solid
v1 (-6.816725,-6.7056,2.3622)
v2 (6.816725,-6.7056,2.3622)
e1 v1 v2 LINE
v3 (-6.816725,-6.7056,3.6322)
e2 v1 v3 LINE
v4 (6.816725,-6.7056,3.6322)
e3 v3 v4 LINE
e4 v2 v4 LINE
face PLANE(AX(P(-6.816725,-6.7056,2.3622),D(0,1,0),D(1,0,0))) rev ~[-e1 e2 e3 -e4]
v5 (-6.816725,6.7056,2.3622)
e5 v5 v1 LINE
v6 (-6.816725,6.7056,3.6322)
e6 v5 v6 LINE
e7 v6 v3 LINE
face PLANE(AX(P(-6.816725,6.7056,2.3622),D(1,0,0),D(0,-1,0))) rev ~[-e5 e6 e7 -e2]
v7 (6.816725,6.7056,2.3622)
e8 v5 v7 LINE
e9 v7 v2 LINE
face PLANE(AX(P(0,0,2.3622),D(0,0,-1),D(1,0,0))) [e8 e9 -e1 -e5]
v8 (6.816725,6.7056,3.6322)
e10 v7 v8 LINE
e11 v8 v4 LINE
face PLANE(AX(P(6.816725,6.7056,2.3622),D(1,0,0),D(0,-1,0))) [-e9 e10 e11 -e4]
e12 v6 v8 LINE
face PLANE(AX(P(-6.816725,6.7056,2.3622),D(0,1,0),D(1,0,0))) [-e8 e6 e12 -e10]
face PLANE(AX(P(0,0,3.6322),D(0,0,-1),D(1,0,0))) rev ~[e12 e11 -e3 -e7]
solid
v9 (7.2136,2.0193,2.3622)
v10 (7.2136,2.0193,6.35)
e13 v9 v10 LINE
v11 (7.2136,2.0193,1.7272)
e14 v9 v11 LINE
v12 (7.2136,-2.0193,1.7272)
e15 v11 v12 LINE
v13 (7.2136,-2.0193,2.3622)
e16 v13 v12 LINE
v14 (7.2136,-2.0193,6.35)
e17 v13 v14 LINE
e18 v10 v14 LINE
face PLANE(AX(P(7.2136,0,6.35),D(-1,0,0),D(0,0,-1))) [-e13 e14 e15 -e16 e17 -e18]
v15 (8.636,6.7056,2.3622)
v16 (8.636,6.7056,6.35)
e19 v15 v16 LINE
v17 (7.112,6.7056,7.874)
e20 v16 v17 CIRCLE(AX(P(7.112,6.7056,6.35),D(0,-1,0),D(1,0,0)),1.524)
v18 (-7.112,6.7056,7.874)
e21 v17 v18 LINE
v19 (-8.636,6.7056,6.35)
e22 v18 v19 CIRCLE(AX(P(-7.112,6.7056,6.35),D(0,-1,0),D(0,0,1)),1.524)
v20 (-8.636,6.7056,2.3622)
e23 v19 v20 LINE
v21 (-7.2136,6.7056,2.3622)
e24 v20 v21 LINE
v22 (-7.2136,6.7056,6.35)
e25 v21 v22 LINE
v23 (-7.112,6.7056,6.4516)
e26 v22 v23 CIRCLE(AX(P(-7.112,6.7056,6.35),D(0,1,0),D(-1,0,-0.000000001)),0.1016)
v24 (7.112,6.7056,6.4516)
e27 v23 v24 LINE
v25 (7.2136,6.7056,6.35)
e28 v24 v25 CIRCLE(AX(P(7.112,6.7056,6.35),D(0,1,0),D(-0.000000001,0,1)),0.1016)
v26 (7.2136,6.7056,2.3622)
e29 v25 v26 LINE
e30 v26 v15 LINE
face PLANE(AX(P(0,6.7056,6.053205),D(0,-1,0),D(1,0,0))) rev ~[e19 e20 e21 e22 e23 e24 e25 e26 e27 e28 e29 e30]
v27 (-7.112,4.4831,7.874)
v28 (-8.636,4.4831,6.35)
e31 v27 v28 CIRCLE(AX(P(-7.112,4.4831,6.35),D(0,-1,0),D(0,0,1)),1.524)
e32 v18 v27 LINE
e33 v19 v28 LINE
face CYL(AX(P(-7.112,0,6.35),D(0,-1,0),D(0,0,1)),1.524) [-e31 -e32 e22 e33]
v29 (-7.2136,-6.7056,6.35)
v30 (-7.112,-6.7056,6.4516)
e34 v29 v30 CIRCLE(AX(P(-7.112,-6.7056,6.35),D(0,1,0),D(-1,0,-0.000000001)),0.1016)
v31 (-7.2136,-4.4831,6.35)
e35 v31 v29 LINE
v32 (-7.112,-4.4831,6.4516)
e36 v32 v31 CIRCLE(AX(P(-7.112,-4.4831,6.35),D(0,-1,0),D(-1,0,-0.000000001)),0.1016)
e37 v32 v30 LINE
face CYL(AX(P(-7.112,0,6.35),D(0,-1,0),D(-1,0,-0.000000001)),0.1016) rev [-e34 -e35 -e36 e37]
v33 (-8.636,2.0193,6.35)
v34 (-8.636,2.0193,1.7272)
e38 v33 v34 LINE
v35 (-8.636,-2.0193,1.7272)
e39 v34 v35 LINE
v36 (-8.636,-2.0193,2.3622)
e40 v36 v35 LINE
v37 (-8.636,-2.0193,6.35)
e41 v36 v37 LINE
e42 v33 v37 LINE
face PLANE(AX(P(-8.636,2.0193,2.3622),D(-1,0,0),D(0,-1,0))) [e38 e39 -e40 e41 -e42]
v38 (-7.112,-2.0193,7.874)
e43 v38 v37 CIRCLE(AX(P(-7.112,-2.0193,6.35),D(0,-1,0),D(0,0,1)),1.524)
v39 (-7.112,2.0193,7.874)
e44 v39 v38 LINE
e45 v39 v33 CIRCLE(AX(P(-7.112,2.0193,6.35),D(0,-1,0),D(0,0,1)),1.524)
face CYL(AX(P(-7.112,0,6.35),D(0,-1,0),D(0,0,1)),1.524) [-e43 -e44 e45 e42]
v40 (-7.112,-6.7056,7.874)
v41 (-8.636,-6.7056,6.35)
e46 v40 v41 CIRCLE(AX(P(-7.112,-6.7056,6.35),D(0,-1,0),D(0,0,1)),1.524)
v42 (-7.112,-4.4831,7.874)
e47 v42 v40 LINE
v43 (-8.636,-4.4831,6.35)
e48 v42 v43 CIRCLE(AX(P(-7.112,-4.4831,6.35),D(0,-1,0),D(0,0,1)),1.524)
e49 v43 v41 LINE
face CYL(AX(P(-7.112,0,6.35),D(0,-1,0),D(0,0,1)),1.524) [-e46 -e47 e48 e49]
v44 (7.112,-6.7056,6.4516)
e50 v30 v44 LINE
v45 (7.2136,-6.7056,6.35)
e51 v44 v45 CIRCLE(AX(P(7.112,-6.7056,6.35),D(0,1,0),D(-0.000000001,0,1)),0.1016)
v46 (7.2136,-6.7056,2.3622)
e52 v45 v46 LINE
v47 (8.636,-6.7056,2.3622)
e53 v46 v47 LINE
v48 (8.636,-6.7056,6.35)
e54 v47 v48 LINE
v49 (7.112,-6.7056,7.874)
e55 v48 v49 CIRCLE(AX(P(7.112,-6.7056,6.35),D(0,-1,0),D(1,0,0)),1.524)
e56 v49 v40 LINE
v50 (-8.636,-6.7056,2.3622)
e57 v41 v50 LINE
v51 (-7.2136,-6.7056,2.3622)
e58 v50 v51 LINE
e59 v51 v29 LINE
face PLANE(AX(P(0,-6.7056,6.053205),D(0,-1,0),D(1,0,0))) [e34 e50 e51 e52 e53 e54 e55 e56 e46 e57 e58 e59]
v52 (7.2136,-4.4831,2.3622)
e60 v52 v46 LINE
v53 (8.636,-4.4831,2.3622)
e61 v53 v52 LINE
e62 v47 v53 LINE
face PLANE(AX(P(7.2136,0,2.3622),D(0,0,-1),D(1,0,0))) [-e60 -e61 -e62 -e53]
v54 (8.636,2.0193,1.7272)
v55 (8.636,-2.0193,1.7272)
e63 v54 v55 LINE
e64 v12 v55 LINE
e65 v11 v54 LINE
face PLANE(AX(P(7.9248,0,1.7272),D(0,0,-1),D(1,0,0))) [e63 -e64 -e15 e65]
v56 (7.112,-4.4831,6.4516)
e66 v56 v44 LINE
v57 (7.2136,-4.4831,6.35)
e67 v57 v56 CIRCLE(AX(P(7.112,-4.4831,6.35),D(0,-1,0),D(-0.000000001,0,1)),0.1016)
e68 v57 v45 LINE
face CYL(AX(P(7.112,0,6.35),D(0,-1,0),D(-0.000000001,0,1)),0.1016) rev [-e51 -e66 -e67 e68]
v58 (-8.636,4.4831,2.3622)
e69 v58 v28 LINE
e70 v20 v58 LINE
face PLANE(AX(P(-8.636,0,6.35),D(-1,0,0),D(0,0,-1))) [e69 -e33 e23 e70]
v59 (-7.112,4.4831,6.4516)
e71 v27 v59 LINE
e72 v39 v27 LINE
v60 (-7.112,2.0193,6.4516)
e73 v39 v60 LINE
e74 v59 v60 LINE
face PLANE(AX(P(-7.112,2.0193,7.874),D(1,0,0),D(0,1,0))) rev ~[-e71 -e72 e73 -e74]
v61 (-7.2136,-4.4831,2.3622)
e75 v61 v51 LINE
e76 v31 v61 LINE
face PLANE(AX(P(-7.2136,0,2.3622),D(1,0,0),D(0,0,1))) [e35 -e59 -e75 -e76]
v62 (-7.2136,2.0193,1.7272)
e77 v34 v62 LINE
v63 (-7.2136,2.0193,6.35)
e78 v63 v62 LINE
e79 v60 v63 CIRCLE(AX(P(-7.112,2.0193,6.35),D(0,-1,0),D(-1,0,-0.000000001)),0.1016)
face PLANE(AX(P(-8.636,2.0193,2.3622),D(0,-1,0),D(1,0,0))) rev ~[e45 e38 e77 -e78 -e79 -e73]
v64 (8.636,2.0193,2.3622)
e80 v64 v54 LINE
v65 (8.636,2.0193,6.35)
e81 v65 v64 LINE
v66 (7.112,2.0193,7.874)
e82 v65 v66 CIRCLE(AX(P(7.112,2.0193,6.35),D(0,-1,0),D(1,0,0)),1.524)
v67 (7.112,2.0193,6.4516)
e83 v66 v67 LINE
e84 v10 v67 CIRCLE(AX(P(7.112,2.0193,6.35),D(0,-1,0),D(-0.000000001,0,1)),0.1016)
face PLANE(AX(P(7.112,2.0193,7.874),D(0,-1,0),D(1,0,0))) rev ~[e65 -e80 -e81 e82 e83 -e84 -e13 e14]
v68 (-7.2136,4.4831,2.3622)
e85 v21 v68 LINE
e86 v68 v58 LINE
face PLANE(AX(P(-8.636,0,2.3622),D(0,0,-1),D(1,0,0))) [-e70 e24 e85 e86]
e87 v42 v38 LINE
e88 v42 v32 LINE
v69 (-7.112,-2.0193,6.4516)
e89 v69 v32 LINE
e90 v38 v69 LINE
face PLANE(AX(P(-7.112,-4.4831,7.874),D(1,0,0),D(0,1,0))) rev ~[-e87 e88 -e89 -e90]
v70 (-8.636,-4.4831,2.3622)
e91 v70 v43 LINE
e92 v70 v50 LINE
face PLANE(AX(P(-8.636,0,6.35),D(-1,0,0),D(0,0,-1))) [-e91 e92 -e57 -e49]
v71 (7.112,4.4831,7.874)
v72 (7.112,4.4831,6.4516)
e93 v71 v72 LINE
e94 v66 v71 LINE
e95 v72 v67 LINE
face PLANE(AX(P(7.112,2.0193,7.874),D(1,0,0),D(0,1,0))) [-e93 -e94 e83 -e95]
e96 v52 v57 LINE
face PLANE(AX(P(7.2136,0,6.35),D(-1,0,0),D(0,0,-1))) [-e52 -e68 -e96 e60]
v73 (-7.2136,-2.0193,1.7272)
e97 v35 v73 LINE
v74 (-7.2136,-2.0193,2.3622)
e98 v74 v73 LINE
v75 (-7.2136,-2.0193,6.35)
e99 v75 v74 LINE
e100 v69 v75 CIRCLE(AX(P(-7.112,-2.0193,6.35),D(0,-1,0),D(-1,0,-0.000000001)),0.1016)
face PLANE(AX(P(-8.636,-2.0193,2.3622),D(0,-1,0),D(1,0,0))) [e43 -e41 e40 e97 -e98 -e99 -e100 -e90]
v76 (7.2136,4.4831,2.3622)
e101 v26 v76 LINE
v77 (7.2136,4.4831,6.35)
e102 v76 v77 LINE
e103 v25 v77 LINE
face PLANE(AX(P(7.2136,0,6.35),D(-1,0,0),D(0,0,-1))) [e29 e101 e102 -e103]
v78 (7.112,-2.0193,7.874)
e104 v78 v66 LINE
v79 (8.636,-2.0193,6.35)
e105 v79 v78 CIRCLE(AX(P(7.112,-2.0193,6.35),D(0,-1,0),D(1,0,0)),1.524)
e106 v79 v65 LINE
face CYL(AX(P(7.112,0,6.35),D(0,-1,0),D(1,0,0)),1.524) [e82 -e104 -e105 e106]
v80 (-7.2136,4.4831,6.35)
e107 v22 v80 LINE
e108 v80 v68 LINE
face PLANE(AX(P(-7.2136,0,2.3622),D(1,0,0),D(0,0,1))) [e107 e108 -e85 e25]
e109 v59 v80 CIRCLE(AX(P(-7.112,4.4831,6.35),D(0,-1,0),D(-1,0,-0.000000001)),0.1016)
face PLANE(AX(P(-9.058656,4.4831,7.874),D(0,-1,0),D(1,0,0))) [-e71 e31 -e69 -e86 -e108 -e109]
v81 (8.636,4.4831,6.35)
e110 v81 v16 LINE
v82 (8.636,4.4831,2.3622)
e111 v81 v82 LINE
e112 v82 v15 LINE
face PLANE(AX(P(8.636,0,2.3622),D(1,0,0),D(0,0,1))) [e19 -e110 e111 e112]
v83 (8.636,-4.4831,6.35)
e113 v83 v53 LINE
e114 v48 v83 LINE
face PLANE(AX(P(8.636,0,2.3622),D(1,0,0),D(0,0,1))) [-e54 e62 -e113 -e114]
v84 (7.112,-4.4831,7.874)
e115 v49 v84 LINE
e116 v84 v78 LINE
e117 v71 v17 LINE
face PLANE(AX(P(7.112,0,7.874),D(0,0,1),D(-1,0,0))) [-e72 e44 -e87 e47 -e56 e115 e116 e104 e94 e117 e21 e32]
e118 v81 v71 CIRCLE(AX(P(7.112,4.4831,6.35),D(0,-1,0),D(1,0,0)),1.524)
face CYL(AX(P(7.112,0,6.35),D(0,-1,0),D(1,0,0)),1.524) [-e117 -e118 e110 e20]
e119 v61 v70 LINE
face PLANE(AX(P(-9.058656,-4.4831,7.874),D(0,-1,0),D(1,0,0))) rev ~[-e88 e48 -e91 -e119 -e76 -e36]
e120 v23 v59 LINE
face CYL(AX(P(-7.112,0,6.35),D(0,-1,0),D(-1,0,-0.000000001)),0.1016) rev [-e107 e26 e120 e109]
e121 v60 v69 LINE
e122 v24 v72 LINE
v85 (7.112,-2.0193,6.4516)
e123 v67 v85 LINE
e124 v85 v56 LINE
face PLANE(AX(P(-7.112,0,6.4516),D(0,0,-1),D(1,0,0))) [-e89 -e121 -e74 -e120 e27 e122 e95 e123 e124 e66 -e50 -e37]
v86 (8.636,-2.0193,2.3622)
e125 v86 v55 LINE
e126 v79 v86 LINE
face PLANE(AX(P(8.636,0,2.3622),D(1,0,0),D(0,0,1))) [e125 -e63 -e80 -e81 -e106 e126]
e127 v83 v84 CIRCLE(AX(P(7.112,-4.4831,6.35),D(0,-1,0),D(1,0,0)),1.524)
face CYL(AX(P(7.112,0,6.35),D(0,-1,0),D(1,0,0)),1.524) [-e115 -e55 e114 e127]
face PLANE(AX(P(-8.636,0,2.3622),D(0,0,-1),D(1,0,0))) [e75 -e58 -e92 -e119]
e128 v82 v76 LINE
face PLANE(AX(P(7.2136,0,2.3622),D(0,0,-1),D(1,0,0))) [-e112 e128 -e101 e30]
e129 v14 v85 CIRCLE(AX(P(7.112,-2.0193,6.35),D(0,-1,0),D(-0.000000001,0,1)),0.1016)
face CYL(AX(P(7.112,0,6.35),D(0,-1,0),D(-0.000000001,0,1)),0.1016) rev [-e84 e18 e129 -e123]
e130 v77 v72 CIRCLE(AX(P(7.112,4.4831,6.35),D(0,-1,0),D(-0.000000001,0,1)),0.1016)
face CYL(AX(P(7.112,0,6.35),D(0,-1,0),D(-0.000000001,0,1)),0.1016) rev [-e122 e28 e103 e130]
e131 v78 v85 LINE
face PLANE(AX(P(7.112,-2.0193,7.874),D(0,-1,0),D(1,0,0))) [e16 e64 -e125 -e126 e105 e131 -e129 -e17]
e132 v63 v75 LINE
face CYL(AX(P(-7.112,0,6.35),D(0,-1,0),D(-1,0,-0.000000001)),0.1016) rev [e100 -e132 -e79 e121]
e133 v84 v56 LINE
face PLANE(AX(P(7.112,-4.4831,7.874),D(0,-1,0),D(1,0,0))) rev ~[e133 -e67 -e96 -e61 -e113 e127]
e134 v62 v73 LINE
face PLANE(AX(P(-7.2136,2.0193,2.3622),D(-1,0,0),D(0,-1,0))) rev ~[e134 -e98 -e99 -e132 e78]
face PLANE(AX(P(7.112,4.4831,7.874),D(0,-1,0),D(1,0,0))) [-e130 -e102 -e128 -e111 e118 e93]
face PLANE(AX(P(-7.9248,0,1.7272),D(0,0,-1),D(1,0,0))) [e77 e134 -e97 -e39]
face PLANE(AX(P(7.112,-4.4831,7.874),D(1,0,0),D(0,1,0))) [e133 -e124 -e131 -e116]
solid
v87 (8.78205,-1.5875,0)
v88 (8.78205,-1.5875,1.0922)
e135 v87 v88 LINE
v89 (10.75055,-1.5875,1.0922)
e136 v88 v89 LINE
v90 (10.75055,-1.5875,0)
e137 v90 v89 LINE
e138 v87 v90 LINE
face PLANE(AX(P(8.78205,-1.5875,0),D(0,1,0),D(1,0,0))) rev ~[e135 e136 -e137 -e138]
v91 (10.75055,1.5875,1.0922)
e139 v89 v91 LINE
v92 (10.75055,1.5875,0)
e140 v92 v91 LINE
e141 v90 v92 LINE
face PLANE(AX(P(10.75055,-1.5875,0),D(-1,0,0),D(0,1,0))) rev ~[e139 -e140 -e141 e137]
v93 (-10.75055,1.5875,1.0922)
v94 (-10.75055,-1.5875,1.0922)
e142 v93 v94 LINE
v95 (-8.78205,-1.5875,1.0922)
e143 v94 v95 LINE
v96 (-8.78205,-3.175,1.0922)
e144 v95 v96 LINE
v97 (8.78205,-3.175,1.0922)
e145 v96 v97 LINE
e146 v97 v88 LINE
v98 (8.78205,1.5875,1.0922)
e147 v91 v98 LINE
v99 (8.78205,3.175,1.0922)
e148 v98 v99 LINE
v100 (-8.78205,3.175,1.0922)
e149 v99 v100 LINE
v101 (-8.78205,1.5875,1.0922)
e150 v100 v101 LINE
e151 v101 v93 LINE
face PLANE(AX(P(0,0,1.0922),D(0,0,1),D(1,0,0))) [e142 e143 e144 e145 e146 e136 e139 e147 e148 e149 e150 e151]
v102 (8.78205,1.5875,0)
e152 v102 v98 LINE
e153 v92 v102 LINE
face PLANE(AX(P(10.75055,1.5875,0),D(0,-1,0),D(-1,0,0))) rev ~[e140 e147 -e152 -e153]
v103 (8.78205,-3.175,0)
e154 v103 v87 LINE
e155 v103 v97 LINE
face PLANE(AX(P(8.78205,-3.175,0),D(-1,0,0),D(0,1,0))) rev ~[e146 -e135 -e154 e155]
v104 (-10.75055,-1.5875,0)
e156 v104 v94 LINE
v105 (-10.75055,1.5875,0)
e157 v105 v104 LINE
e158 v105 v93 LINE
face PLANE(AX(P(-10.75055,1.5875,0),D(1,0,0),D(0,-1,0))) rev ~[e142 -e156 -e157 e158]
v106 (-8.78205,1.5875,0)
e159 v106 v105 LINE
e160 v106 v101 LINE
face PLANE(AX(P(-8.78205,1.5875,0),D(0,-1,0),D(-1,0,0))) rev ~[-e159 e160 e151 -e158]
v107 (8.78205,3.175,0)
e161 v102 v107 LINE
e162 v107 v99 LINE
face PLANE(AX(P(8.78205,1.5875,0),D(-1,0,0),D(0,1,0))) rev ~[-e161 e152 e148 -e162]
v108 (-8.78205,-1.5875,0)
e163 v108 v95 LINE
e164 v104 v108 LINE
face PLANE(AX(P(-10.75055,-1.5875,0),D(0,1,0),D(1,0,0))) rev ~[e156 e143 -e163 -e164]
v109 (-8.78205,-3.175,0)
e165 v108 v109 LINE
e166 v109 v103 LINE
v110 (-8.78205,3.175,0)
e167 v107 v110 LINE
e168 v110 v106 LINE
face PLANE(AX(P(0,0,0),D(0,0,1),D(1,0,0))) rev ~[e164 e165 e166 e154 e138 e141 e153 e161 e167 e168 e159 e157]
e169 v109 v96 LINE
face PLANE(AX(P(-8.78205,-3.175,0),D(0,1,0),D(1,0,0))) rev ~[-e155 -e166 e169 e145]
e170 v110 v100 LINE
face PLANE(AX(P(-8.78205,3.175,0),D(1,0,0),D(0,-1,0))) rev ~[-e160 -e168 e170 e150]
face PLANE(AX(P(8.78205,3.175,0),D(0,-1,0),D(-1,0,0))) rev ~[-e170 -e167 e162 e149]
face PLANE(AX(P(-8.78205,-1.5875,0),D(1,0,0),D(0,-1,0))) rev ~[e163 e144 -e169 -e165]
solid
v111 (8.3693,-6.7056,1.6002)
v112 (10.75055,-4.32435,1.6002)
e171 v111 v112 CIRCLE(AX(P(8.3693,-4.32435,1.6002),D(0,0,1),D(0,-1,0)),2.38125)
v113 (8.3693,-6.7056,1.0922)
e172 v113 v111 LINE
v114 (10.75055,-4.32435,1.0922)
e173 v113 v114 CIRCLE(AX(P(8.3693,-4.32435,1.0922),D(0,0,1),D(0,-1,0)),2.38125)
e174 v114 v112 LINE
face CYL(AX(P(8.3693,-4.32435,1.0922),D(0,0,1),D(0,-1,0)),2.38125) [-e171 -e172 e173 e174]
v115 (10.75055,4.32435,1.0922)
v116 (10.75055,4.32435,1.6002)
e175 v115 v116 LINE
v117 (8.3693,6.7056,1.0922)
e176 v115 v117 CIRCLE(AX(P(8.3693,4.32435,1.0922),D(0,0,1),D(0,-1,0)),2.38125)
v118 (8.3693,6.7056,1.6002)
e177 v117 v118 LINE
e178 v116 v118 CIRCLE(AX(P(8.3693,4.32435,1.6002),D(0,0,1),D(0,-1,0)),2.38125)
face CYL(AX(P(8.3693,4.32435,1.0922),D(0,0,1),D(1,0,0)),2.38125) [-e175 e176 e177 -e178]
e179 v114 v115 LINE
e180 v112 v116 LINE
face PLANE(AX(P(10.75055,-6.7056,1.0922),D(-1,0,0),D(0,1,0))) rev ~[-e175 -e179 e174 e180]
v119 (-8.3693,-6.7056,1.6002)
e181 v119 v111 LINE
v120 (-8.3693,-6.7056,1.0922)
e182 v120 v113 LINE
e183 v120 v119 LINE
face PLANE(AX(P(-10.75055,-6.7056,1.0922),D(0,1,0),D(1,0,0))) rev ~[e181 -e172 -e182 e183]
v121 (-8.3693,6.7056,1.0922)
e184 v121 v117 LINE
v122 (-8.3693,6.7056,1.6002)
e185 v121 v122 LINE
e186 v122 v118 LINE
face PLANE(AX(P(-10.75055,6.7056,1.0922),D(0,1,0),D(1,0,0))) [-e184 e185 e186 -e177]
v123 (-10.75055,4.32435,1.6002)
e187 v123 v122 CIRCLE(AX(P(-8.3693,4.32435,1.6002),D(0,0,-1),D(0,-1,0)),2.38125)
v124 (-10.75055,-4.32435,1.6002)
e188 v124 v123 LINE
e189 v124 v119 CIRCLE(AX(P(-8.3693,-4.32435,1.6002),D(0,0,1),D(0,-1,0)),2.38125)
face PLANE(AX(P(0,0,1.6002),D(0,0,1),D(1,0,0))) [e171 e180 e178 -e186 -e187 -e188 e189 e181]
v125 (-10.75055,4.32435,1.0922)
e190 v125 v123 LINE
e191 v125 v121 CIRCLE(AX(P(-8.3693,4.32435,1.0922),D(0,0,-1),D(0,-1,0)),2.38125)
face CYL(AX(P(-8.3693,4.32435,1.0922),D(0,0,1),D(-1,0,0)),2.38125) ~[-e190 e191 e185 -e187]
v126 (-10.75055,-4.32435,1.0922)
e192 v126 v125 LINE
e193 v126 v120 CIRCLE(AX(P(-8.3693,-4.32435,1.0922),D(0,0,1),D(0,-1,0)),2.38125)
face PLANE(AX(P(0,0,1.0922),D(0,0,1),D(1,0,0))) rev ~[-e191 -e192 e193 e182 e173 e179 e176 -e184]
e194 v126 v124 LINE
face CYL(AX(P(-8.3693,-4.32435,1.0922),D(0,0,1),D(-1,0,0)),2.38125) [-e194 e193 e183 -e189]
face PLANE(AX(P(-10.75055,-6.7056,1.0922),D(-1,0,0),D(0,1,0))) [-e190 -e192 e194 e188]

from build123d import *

# Parameters (mm, degrees)
F1_DEPTH      = 1.0922
F2_W          = 21.5011
F2_H          = 13.4112
F3_DEPTH      = 0.508
F4_R          = 2.38125
F6_DEPTH      = 6.7056
F6_DEPTH_BACK = 6.7056
F7_W          = 13.63345
F7_H          = 13.4112
F8_DEPTH      = 1.27
F9_W          = 1.946656171
F9_H          = 2.4638
F10_DEPTH     = 7.875
F11_W         = 1.4224
F11_H         = 4.0386000008
F11_H_2       = 4.0386000007
F12_DEPTH     = 0.635


with BuildPart() as f1:
    # F0 (on Top) → F1 (new body)
    with BuildSketch(Plane.XY):
        Polygon((8.78205, 3.175), (0, 3.175), (-8.78205, 3.175), (-8.78205, 1.5875), (-10.75055, 1.5875), (-10.75055, 0), (-10.75055, -1.5875), (-8.78205, -1.5875), (-8.78205, -3.175), (0, -3.175), (8.78205, -3.175), (8.78205, -1.5875), (10.75055, -1.5875), (10.75055, 0), (10.75055, 1.5875), (8.78205, 1.5875), align=None)
    extrude(amount=F1_DEPTH)


with BuildPart() as f3:
    # F2 (on face) → F3 (new body)
    with BuildSketch(Plane.XY.offset(1.0922)):
        Rectangle(F2_W, F2_H)
    extrude(amount=F3_DEPTH)

    # F4
    f4_edges = [f3.edges().sort_by_distance(p)[0] for p in [
        (10.75055, -6.7056, 1.3462),
        (10.75055, 6.7056, 1.3462),
        (-10.75055, -6.7056, 1.3462),
        (-10.75055, 6.7056, 1.3462),
    ]]
    fillet(f4_edges, radius=F4_R)


with BuildPart() as f6:
    # F5 (on Front) → F6 (new body, two sides)
    with BuildSketch(Plane.XZ) as f6_sk:
        with BuildLine():
            Line((7.112, 7.874), (0, 7.874))
            Line((0, 7.874), (-7.112, 7.874))
            ThreePointArc((-7.112, 7.874), (-8.1896307345, 7.4276307345), (-8.636, 6.35))
            Line((-8.636, 6.35), (-8.636, 2.3622))
            Line((-8.636, 2.3622), (-7.2136, 2.3622))
            Line((-7.2136, 2.3622), (-7.2136, 6.35))
            ThreePointArc((-7.2136, 6.35), (-7.183842049, 6.421842049), (-7.112, 6.4516))
            Line((-7.112, 6.4516), (0, 6.4516))
            Line((0, 6.4516), (7.112, 6.4516))
            ThreePointArc((7.112, 6.4516), (7.183842049, 6.421842049), (7.2136, 6.35))
            Line((7.2136, 6.35), (7.2136, 2.3622))
            Line((7.2136, 2.3622), (8.636, 2.3622))
            Line((8.636, 2.3622), (8.636, 6.35))
            ThreePointArc((8.636, 6.35), (8.1896307345, 7.4276307345), (7.112, 7.874))
        make_face()
    extrude(amount=F6_DEPTH)
    extrude(f6_sk.sketch, amount=-F6_DEPTH_BACK)

    # F9 (on face) → F10 (cut, through all)
    with BuildSketch(Plane.XY.offset(7.874)):
        with Locations((-8.0853280855, 3.2512)):
            Rectangle(F9_W, F9_H)
        with Locations((-8.0853280855, -3.2512)):
            Rectangle(F9_W, F9_H)
        with Locations((8.0853280855, 3.2512)):
            Rectangle(F9_W, F9_H)
        with Locations((8.0853280855, -3.2512)):
            Rectangle(F9_W, F9_H)
    extrude(amount=-F10_DEPTH, mode=Mode.SUBTRACT)

    # F11 (on face) → F12 (join)
    with BuildSketch(Plane(origin=(0, 0, 2.3622), x_dir=(1, 0, 0), z_dir=(0, 0, -1))):
        with Locations((-7.9248, 4e-10)):
            Rectangle(F11_W, F11_H)
        with Locations((7.9248, 3e-10)):
            Rectangle(F11_W, F11_H_2)
    extrude(amount=F12_DEPTH)


with BuildPart() as f8:
    # F7 (on face) → F8 (new body)
    with BuildSketch(Plane(origin=(0, 0, 2.3622), x_dir=(1, 0, 0), z_dir=(0, 0, -1))):
        Rectangle(F7_W, F7_H)
    extrude(amount=-F8_DEPTH)


solid = Compound([f1.part, f3.part, f6.part, f8.part])
